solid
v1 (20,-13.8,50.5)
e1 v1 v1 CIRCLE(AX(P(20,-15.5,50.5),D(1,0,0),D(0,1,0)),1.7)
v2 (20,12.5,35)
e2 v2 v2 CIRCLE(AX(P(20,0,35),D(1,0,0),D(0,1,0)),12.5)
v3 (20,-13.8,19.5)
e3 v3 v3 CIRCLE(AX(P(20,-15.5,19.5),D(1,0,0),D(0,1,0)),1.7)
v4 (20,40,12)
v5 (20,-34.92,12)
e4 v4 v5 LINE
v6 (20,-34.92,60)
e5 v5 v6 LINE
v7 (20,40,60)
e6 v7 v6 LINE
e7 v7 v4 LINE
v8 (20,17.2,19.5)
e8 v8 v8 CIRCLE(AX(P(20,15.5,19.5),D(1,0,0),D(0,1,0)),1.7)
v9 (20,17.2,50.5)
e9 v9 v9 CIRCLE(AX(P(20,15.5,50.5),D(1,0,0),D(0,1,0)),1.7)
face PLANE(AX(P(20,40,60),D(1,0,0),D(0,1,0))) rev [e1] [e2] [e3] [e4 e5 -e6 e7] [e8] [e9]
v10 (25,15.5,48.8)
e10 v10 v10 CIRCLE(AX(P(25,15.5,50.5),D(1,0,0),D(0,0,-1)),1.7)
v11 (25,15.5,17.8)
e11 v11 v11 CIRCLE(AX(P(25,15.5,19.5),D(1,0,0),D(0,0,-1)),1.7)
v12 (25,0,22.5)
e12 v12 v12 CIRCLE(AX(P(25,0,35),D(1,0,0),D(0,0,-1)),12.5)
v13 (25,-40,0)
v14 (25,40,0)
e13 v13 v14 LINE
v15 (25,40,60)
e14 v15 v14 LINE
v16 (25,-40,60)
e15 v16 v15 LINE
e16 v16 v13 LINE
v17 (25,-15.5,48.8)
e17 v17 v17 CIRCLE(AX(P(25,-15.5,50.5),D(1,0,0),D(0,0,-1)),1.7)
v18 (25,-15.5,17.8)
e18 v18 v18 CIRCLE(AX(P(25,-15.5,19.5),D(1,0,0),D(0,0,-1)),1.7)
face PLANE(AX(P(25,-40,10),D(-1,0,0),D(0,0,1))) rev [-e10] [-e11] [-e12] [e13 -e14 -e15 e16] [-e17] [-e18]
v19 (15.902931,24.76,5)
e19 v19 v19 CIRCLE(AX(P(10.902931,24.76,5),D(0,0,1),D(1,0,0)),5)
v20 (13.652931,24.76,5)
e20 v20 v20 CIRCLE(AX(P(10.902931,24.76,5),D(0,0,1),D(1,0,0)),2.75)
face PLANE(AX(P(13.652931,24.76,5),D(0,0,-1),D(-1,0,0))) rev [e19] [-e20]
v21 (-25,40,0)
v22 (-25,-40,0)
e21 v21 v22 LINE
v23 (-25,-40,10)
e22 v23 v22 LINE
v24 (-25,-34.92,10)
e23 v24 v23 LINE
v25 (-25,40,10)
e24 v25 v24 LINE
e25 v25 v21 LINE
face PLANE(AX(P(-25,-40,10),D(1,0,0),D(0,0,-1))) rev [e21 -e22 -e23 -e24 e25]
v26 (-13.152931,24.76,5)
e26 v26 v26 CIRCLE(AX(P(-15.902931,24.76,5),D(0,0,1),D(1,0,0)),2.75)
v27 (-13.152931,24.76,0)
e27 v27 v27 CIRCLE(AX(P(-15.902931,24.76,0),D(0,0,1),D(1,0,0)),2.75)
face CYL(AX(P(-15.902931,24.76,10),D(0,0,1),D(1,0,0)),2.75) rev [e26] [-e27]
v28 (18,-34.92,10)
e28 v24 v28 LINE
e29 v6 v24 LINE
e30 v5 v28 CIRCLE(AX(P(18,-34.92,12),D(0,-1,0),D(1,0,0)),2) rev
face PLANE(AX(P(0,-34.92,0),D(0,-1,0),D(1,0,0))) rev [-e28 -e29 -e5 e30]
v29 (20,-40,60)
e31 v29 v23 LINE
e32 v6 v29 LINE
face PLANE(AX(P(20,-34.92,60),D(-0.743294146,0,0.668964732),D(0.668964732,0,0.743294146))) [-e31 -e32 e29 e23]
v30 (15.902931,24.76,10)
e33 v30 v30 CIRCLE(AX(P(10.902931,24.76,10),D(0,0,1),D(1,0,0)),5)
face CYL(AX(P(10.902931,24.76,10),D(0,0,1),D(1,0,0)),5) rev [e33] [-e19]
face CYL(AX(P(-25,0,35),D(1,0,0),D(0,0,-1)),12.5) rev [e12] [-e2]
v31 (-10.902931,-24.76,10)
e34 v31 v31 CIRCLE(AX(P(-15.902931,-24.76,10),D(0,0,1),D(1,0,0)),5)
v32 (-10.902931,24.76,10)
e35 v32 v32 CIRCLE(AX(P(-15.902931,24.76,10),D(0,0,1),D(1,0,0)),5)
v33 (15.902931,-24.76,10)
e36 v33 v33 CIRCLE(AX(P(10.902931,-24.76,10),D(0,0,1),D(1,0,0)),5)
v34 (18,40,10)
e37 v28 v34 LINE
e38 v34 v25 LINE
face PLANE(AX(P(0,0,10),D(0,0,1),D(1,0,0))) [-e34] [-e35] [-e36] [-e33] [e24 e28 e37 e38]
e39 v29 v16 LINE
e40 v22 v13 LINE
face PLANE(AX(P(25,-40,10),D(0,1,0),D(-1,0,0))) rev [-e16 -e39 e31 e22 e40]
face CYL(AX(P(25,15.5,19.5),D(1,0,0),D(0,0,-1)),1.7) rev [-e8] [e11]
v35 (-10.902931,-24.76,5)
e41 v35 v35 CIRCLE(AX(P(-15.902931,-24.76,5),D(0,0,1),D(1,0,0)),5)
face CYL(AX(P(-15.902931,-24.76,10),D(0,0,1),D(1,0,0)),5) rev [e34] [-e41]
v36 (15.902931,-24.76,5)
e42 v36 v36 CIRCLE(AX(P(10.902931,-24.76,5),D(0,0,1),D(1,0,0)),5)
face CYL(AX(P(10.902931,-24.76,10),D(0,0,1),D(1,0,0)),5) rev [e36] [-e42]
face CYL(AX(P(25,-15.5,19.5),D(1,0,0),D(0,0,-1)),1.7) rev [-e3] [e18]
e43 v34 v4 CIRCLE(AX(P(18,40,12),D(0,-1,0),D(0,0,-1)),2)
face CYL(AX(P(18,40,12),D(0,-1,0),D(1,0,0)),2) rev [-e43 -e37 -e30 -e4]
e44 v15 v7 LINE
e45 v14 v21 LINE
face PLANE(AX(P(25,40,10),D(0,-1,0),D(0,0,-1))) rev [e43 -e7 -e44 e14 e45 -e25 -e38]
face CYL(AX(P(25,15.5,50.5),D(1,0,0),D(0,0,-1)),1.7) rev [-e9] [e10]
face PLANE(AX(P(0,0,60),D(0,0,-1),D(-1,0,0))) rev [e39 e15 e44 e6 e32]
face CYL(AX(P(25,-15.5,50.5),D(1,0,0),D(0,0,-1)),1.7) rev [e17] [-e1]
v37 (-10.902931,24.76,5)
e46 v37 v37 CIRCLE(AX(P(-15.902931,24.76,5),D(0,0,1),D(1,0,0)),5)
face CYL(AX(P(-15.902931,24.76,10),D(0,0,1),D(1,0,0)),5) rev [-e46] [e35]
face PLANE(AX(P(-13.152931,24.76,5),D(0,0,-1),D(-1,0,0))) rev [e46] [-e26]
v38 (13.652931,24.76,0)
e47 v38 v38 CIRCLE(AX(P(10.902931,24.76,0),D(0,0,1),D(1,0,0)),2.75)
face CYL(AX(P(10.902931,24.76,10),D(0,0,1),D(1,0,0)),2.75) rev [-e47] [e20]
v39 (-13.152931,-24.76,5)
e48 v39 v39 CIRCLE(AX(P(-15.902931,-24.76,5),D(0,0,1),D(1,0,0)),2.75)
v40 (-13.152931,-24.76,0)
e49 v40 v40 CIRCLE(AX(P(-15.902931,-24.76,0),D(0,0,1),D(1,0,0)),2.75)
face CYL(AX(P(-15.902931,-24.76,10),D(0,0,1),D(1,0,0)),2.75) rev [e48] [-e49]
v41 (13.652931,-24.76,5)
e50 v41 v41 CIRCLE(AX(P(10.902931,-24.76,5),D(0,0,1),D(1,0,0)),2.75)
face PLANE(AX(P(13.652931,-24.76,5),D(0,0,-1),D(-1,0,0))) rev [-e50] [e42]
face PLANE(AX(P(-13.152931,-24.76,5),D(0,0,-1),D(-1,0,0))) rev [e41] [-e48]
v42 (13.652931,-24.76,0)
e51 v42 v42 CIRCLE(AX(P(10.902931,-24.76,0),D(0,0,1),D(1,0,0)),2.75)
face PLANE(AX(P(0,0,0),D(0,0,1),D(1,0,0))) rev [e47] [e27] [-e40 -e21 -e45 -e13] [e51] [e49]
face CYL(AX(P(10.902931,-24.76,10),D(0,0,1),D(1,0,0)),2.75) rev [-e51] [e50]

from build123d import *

# Parameters (mm, degrees)
SKETCH1_W                      = 50
SKETCH1_H                      = 80
BOSS_EXTRUDE1_DEPTH            = 10
SKETCH2_W                      = 5
SKETCH2_H                      = 80
BOSS_EXTRUDE2_DEPTH            = 50
SKETCH3_R                      = 12.5
CUT_EXTRUDE1_DEPTH             = 88.749643874
M3_CLEARANCE_HOLE1_D           = 3.4
CBORE_FOR_M5_SHCS1_D           = 5.5
CBORE_FOR_M5_SHCS1_CBORE_D     = 10
CBORE_FOR_M5_SHCS1_CBORE_DEPTH = 5
FILLET11_R                     = 2
BOSS_EXTRUDE3_DEPTH            = 5.08


with BuildPart() as part:
    # Sketch1 → Boss-Extrude1 (new body)
    with BuildSketch(Plane.XY):
        Rectangle(SKETCH1_W, SKETCH1_H)
    extrude(amount=BOSS_EXTRUDE1_DEPTH)

    # Sketch2 → Boss-Extrude2 (add)
    with BuildSketch(Plane.XY.offset(10)):
        with Locations((22.5, 0)):
            Rectangle(SKETCH2_W, SKETCH2_H)
    extrude(amount=BOSS_EXTRUDE2_DEPTH)

    # Sketch3 → Cut-Extrude1 (cut, through all)
    with BuildSketch(Plane(origin=(25, 0, 0), x_dir=(0, 0, -1), z_dir=(1, 0, 0))):
        with Locations((-35, 0)):
            Circle(SKETCH3_R)
    extrude(amount=-CUT_EXTRUDE1_DEPTH, mode=Mode.SUBTRACT)

    # M3 Clearance Hole1 (through all)
    with Locations(Plane(origin=(25, 0, 0), x_dir=(0, 0, -1), z_dir=(1, 0, 0))):
        with Locations((-50.5, -15.5), (-35, 0), (-50.5, 15.5), (-19.5, -15.5), (-19.5, 15.5)):
            Hole(M3_CLEARANCE_HOLE1_D / 2)

    # CBORE for M5 SHCS1 (through all)
    with Locations(Plane.XY.offset(10)):
        with Locations((-15.902931391, 24.76), (10.902931391, 24.76), (-15.902931391, -24.76), (10.902931391, -24.76)):
            CounterBoreHole(CBORE_FOR_M5_SHCS1_D / 2, CBORE_FOR_M5_SHCS1_CBORE_D / 2, CBORE_FOR_M5_SHCS1_CBORE_DEPTH)

    # Fillet11
    fillet11_edges = [part.edges().sort_by_distance(p)[0] for p in [
        (20, 0, 10),
    ]]
    fillet(fillet11_edges, radius=FILLET11_R)

    # Sketch8 → Boss-Extrude3 (add)
    with BuildSketch(Plane.XZ.offset(40)):
        Polygon((20, 60), (-25, 10), (20, 10), align=None)
    extrude(amount=-BOSS_EXTRUDE3_DEPTH)


solid = part.part
